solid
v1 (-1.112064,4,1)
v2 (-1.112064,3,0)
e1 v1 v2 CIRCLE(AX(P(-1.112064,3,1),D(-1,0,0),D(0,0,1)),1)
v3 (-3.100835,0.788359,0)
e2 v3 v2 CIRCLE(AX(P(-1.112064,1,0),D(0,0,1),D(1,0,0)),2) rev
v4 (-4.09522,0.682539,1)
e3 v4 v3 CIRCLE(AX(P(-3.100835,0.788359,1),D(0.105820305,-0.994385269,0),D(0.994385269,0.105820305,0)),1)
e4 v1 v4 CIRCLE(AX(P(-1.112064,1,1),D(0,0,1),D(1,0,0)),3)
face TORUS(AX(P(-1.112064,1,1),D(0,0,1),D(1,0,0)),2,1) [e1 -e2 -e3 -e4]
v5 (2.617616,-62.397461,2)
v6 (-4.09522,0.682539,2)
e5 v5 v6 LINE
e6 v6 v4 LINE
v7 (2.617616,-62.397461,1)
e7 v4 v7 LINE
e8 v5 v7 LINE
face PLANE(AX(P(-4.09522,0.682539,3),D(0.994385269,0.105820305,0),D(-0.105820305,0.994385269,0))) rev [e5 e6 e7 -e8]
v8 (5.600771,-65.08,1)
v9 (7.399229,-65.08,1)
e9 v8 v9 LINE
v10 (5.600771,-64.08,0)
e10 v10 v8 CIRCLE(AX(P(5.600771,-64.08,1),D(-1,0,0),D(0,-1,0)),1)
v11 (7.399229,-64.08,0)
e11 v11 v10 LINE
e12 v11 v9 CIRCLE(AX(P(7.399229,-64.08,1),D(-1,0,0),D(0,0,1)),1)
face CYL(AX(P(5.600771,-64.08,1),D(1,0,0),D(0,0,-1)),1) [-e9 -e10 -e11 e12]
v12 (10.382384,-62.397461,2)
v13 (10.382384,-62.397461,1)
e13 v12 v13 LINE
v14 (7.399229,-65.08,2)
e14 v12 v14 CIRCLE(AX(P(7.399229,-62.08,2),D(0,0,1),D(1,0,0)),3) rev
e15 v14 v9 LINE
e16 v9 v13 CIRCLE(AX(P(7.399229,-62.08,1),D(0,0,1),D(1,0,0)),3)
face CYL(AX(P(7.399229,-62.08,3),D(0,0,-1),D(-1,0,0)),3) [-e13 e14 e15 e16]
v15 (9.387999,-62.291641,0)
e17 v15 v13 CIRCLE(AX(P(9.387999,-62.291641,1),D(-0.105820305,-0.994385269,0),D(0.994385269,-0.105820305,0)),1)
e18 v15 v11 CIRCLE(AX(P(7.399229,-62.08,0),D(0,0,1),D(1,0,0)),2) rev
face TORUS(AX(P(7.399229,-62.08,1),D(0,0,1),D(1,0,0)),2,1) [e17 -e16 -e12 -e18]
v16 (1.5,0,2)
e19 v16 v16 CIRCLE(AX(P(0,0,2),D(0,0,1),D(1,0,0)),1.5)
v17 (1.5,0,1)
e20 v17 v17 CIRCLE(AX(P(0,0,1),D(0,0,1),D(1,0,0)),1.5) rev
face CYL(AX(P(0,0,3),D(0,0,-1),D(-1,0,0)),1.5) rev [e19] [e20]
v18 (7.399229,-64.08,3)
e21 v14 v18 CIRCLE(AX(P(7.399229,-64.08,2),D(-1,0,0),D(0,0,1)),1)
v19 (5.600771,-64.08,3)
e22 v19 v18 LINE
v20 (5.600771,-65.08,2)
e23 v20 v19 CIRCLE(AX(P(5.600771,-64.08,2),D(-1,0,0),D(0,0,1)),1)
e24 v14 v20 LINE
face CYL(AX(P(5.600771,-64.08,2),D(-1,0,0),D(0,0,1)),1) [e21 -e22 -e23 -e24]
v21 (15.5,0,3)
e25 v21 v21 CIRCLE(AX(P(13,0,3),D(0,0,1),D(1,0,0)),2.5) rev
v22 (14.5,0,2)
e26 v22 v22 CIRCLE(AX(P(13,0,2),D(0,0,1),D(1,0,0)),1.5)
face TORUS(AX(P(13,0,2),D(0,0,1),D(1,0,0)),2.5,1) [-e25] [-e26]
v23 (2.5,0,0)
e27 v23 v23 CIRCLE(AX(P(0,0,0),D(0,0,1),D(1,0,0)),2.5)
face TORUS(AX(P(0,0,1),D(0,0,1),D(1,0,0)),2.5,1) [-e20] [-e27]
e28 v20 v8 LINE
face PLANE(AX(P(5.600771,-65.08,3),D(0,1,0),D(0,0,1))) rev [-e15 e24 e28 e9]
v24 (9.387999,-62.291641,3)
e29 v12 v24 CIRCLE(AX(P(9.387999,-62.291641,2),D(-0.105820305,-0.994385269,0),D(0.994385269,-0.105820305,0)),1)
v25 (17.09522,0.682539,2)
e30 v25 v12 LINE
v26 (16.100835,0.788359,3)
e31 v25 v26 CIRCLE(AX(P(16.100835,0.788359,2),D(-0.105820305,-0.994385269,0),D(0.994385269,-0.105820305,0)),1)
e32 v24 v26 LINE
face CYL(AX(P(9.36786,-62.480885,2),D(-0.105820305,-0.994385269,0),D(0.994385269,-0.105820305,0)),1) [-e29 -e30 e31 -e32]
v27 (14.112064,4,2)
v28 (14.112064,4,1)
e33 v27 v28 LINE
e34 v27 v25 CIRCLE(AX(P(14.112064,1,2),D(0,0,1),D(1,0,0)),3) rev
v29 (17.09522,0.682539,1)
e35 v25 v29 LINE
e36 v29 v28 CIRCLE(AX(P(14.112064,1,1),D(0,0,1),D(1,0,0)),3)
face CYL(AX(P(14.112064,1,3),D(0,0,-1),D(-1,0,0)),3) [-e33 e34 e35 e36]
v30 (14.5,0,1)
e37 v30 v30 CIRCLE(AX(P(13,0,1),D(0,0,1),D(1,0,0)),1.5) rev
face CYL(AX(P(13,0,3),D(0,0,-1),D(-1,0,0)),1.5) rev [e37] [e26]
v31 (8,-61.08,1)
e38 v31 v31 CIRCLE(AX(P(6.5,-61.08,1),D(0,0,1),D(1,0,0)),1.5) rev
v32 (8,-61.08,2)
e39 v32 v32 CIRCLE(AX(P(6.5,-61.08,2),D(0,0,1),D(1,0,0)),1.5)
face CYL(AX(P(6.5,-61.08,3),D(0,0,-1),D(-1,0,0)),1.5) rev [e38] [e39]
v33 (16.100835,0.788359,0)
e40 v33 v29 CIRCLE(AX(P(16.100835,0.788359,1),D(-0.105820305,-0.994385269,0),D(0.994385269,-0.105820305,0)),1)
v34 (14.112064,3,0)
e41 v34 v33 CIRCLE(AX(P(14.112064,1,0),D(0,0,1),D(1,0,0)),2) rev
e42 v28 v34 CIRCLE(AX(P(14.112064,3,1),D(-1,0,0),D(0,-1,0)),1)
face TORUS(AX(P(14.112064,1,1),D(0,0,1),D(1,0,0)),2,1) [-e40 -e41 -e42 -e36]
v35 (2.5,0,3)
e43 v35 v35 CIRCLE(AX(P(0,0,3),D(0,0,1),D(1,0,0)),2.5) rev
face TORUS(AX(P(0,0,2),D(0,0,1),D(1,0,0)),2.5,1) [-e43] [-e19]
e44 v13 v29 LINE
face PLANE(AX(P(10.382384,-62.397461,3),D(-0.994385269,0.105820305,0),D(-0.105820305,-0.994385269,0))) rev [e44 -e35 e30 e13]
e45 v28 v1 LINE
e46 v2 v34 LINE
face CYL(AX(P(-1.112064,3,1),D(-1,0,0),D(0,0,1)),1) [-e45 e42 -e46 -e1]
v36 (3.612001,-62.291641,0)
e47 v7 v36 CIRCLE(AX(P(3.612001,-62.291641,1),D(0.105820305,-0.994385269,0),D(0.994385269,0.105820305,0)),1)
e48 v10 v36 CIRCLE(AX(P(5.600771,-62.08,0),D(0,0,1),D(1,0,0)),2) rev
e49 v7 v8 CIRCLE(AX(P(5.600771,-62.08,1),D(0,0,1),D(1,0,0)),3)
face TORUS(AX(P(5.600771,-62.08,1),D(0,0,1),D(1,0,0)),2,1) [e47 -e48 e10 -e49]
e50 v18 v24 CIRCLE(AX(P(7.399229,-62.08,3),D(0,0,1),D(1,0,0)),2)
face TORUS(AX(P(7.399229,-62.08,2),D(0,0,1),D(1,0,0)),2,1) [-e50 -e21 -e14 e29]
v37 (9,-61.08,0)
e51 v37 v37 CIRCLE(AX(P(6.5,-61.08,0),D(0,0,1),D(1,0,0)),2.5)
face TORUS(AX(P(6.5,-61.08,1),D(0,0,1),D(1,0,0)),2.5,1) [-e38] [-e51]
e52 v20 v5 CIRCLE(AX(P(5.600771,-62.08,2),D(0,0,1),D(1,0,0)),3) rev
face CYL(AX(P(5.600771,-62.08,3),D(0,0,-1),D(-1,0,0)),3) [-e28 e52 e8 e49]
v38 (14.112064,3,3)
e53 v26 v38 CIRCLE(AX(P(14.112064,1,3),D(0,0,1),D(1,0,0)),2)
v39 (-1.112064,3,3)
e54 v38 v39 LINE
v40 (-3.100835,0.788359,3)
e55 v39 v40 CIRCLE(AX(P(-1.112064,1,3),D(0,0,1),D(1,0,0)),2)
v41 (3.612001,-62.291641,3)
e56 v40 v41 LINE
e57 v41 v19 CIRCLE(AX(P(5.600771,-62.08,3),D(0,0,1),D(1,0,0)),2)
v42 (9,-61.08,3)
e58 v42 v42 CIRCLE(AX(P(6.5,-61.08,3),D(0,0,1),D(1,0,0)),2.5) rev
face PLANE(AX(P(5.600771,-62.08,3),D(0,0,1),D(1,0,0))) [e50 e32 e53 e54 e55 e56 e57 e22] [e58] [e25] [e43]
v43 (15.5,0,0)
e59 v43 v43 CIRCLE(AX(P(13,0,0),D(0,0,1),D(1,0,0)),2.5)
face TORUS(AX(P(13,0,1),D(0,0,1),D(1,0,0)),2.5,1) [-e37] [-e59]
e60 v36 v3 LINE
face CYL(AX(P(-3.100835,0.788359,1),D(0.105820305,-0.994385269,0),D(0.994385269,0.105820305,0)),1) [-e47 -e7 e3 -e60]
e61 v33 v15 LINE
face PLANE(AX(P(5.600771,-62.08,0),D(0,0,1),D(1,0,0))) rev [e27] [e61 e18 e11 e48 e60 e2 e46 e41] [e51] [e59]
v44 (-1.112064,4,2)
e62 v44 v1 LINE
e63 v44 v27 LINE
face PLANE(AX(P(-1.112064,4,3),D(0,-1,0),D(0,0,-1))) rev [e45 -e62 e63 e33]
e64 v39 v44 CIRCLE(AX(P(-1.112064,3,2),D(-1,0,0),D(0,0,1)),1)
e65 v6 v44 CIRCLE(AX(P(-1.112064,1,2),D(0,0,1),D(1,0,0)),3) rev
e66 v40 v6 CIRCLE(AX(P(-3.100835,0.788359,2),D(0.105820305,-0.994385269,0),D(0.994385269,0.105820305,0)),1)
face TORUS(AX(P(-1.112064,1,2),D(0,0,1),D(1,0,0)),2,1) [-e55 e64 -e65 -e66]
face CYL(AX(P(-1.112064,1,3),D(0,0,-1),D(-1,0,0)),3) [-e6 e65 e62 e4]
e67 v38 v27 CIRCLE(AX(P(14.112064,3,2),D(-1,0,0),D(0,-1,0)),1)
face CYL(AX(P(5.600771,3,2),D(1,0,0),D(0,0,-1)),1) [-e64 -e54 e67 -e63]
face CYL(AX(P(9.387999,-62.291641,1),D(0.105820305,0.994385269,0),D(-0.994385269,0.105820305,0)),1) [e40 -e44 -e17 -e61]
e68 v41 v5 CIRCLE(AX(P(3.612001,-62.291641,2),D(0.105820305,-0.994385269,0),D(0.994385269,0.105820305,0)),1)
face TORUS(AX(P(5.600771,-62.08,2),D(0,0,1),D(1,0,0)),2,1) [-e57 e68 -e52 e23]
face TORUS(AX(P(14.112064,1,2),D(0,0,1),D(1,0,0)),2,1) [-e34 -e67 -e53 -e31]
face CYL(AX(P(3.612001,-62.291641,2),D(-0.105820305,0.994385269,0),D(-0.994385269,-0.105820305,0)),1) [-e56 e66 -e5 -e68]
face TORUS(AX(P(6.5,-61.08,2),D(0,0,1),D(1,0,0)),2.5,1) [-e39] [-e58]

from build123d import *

# Parameters (mm, degrees)
SKETCH1_R           = 1.5
BOSS_EXTRUDE1_DEPTH = 3
FILLET1_R           = 1


with BuildPart() as part:
    # Sketch1 → Boss-Extrude1 (new body)
    with BuildSketch(Plane.XY):
        with BuildLine():
            Line((-4.095220054, 0.682539084), (2.617615572, -62.397460916))
            ThreePointArc((2.617615572, -62.397460916), (3.594828053, -64.310737854), (5.600771378, -65.08))
            Line((5.600771378, -65.08), (7.399228622, -65.08))
            ThreePointArc((7.399228622, -65.08), (9.405171947, -64.310737854), (10.382384428, -62.397460916))
            Line((10.382384428, -62.397460916), (17.095220054, 0.682539084))
            ThreePointArc((17.095220054, 0.682539084), (16.342802101, 3.005943326), (14.112064247, 4))
            Line((14.112064247, 4), (-1.112064247, 4))
            ThreePointArc((-1.112064247, 4), (-3.342802101, 3.005943326), (-4.095220054, 0.682539084))
        make_face()
        Circle(SKETCH1_R, mode=Mode.SUBTRACT)
        with Locations((13, 0)):
            Circle(SKETCH1_R, mode=Mode.SUBTRACT)
        with Locations((6.5, -61.08)):
            Circle(SKETCH1_R, mode=Mode.SUBTRACT)
    extrude(amount=BOSS_EXTRUDE1_DEPTH)

    # Fillet1
    fillet1_edges = [part.edges().sort_by_distance(p)[0] for p in [
        (13.738802241, -30.857460916, 0),
        (9.405171947, -64.310737854, 0),
        (6.5, -65.08, 0),
        (3.594828053, -64.310737854, 0),
        (9.405171947, -64.310737854, 3),
        (13.738802241, -30.857460916, 3),
        (16.342802101, 3.005943326, 3),
        (-1.5, 0, 0),
        (-1.5, 0, 3),
        (6.5, 4, 3),
        (11.5, 0, 0),
        (11.5, 0, 3),
        (-3.342802101, 3.005943326, 3),
        (5, -61.08, 0),
        (5, -61.08, 3),
        (-0.738802241, -30.857460916, 3),
        (3.594828053, -64.310737854, 3),
        (-0.738802241, -30.857460916, 0),
        (6.5, -65.08, 3),
        (-3.342802101, 3.005943326, 0),
        (6.5, 4, 0),
        (16.342802101, 3.005943326, 0),
    ]]
    fillet(fillet1_edges, radius=FILLET1_R)


solid = part.part
